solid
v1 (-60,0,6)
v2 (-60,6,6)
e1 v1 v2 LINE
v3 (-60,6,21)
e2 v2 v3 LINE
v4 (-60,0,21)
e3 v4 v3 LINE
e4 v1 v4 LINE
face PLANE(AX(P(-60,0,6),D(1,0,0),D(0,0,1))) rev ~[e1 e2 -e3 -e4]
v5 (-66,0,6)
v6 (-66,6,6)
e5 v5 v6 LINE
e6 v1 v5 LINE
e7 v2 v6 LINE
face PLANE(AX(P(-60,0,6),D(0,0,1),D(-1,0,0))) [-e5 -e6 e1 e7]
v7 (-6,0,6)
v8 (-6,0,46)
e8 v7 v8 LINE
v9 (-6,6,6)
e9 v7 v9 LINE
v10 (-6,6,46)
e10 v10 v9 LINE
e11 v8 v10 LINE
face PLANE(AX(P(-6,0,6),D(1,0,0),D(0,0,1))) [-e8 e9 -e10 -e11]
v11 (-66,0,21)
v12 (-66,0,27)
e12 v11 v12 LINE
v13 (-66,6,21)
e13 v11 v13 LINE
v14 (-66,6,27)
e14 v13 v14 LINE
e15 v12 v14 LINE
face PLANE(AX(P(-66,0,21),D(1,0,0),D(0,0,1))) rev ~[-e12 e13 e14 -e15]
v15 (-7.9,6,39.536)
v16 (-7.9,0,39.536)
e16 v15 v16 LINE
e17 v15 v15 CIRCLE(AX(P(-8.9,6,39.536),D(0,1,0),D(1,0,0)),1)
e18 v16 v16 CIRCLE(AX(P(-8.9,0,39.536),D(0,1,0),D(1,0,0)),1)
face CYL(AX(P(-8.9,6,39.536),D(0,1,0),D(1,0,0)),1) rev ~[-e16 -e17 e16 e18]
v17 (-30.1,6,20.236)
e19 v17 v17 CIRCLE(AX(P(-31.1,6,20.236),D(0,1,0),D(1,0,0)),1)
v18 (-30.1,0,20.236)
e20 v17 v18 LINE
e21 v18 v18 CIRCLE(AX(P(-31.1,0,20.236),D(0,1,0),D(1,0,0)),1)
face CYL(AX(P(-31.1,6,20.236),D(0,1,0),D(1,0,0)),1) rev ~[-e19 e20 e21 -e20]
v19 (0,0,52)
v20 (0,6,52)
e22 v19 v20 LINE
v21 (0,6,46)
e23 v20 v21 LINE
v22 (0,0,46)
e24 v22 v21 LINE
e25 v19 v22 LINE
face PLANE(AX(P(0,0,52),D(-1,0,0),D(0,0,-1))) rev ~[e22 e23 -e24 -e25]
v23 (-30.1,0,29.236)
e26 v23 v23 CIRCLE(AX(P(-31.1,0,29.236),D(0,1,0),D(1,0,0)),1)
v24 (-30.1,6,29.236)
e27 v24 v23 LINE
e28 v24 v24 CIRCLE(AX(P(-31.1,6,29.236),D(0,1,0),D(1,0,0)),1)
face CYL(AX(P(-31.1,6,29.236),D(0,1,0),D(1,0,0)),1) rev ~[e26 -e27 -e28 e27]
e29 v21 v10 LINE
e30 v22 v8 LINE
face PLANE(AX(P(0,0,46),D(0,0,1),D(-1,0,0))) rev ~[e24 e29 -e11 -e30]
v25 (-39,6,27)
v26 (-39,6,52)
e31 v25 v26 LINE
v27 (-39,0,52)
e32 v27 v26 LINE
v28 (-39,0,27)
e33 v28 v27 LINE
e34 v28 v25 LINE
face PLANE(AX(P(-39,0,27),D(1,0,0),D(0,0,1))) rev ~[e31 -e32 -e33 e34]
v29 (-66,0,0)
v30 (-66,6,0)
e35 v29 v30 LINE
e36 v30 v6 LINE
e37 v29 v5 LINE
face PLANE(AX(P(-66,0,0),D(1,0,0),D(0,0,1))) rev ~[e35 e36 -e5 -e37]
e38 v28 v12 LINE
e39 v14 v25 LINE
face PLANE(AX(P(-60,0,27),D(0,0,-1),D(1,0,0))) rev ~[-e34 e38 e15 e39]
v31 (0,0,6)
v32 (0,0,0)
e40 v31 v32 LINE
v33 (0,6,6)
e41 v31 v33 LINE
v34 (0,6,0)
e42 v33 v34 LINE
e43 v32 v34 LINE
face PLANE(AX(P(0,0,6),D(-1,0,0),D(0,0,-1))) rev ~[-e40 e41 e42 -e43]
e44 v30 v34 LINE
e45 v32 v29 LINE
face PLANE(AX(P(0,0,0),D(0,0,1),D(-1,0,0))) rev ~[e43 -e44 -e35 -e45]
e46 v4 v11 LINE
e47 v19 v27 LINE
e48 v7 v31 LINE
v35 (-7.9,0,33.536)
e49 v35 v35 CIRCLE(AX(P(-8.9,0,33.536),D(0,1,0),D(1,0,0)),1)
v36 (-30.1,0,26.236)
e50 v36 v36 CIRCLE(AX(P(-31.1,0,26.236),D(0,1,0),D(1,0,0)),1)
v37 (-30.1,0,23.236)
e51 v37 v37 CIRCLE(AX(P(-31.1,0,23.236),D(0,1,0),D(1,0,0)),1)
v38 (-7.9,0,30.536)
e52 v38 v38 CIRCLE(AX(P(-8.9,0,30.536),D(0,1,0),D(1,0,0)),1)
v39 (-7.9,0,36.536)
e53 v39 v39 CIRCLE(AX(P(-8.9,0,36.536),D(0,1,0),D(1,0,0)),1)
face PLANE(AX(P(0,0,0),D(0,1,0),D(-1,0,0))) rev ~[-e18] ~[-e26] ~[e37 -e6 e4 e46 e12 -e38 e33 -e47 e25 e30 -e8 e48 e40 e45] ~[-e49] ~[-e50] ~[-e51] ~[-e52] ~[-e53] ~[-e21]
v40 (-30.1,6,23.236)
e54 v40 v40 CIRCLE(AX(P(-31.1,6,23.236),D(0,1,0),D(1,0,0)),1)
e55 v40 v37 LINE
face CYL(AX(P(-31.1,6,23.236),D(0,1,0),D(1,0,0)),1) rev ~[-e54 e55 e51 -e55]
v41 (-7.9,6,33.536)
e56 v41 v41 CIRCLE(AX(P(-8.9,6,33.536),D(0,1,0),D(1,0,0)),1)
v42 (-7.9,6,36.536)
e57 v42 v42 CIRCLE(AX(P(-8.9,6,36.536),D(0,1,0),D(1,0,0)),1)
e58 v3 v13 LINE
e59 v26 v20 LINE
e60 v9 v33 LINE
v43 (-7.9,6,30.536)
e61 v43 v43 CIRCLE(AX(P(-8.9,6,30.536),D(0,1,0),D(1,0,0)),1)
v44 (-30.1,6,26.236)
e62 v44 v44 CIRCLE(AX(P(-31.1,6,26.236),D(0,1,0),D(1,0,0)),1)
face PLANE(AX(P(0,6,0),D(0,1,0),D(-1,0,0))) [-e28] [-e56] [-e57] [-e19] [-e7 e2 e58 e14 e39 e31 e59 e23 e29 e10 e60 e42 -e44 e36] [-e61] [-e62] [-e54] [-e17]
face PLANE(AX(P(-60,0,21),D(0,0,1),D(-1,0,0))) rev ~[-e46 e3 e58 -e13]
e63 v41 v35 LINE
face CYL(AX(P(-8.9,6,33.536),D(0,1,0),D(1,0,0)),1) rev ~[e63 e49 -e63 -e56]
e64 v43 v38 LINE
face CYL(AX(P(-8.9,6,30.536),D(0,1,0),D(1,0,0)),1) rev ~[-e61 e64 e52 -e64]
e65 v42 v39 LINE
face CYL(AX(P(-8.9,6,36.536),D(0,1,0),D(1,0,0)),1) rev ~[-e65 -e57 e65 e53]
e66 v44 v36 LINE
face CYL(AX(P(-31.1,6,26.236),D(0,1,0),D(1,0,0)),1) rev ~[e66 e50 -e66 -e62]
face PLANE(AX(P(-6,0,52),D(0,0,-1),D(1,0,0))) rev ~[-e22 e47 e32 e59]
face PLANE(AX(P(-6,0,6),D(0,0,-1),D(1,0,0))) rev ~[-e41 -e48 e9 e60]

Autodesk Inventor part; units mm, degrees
ref_plane "YZ Plane" through (0, 0, 0) normal (1, 0, 0) x (0, 1, 0)
ref_plane "XZ Plane" through (0, 0, 0) normal (0, 1, 0) x (-1, 0, 0)
ref_plane "XY Plane" through (0, 0, 0) normal (0, 0, 1) x (1, 0, 0)
sketch "Sketch1" plane through (0, 0, 0) normal (0, 1, 0) x (-1, 0, 0)
  line L0 (0, 0) -> (60, 0)
  line L1 (66, 0) -> (66, 6)
  line L2 (66, 27) -> (60, 27)
  line L3 (0, 27) -> (0, 6) construction
  line L4 (66, 27) -> (60, 27)
  line L5 (60, 27) -> (60, 21) construction
  line L6 (60, 21) -> (66, 21)
  line L7 (66, 21) -> (66, 27)
  line L8 (66, 0) -> (60, 0)
  line L9 (60, 0) -> (60, 6) construction
  line L10 (60, 6) -> (66, 6)
  line L11 (66, 6) -> (66, 0)
  line L12 (66, 21) -> (66, 27)
  line L13 (60, 27) -> (6, 27)
  line L14 (60, 0) -> (66, 0)
  line L15 (66, 6) -> (66, 21) construction
  line L16 (60, 6) -> (60, 21)
  line L17 (0, 0) -> (6, 0)
  line L18 (6, 0) -> (6, 6) construction
  line L19 (6, 6) -> (0, 6)
  line L20 (0, 6) -> (0, 0)
  line L21 (6, 6) -> (6, 27)
  line L22 (6, 27) -> (0, 27) construction
  line L23 (0, 6) -> (0, 0)
  line L24 (6, 27) -> (39, 27)
  line L25 (39, 27) -> (39, 52)
  line L26 (39, 52) -> (6, 52)
  line L27 (6, 52) -> (0, 52)
  line L28 (0, 52) -> (0, 46)
  line L29 (0, 46) -> (6, 46)
  line L30 (6, 46) -> (6, 52) construction
  line L31 (6, 46) -> (6, 27)
  dimension "d0" = 66
  dimension "d1" = 27
  dimension "d2" = 6
  dimension "d3" = 6
  dimension "d4" = 6
  dimension "d5" = 6
  dimension "d6" = 6
  dimension "d7" = 6
  dimension "d10" = 33
  dimension "d11" = 25
  dimension "d12" = 6
  dimension "d13" = 6
extrude "Extrusion1" add sketch "Sketch1" along normal blind 6
sketch "Sketch2" plane through (0, 6, 0) normal (0, 1, 0) x (1, 0, 0)
  circle A0 centre (-8.9, -39.536) radius 1
  line L0 (0, -46) -> (-6, -46) projected
  line L1 (-6, -46) -> (-6, -6) projected
  circle A1 centre (-31.1, -29.236) radius 1
  circle A2 centre (-8.9, -36.536) radius 1
  circle A3 centre (-8.9, -33.536) radius 1
  circle A4 centre (-8.9, -30.536) radius 1
  circle A5 centre (-31.1, -26.236) radius 1
  circle A6 centre (-31.1, -23.236) radius 1
  circle A7 centre (-31.1, -20.236) radius 1
  point P0 (0, 0)
  dimension "d14" = 2
  dimension "d15" = 6.464
  dimension "d16" = 2.9
  dimension "d19" = 2
  dimension "d20" = 22.2
  dimension "d21" = 10.3
  dimension "d22" = 2
  dimension "d23" = 3
  dimension "d24" = 2
  dimension "d25" = 3
  dimension "d26" = 2
  dimension "d27" = 3
  dimension "d28" = 2
  dimension "d29" = 2
  dimension "d30" = 3
  dimension "d31" = 2
  dimension "d32" = 3
  dimension "d33" = 3
extrude "Extrusion2" cut sketch "Sketch2" against normal through all
properties part number "thumper-bumper-sidewall3-v2"
